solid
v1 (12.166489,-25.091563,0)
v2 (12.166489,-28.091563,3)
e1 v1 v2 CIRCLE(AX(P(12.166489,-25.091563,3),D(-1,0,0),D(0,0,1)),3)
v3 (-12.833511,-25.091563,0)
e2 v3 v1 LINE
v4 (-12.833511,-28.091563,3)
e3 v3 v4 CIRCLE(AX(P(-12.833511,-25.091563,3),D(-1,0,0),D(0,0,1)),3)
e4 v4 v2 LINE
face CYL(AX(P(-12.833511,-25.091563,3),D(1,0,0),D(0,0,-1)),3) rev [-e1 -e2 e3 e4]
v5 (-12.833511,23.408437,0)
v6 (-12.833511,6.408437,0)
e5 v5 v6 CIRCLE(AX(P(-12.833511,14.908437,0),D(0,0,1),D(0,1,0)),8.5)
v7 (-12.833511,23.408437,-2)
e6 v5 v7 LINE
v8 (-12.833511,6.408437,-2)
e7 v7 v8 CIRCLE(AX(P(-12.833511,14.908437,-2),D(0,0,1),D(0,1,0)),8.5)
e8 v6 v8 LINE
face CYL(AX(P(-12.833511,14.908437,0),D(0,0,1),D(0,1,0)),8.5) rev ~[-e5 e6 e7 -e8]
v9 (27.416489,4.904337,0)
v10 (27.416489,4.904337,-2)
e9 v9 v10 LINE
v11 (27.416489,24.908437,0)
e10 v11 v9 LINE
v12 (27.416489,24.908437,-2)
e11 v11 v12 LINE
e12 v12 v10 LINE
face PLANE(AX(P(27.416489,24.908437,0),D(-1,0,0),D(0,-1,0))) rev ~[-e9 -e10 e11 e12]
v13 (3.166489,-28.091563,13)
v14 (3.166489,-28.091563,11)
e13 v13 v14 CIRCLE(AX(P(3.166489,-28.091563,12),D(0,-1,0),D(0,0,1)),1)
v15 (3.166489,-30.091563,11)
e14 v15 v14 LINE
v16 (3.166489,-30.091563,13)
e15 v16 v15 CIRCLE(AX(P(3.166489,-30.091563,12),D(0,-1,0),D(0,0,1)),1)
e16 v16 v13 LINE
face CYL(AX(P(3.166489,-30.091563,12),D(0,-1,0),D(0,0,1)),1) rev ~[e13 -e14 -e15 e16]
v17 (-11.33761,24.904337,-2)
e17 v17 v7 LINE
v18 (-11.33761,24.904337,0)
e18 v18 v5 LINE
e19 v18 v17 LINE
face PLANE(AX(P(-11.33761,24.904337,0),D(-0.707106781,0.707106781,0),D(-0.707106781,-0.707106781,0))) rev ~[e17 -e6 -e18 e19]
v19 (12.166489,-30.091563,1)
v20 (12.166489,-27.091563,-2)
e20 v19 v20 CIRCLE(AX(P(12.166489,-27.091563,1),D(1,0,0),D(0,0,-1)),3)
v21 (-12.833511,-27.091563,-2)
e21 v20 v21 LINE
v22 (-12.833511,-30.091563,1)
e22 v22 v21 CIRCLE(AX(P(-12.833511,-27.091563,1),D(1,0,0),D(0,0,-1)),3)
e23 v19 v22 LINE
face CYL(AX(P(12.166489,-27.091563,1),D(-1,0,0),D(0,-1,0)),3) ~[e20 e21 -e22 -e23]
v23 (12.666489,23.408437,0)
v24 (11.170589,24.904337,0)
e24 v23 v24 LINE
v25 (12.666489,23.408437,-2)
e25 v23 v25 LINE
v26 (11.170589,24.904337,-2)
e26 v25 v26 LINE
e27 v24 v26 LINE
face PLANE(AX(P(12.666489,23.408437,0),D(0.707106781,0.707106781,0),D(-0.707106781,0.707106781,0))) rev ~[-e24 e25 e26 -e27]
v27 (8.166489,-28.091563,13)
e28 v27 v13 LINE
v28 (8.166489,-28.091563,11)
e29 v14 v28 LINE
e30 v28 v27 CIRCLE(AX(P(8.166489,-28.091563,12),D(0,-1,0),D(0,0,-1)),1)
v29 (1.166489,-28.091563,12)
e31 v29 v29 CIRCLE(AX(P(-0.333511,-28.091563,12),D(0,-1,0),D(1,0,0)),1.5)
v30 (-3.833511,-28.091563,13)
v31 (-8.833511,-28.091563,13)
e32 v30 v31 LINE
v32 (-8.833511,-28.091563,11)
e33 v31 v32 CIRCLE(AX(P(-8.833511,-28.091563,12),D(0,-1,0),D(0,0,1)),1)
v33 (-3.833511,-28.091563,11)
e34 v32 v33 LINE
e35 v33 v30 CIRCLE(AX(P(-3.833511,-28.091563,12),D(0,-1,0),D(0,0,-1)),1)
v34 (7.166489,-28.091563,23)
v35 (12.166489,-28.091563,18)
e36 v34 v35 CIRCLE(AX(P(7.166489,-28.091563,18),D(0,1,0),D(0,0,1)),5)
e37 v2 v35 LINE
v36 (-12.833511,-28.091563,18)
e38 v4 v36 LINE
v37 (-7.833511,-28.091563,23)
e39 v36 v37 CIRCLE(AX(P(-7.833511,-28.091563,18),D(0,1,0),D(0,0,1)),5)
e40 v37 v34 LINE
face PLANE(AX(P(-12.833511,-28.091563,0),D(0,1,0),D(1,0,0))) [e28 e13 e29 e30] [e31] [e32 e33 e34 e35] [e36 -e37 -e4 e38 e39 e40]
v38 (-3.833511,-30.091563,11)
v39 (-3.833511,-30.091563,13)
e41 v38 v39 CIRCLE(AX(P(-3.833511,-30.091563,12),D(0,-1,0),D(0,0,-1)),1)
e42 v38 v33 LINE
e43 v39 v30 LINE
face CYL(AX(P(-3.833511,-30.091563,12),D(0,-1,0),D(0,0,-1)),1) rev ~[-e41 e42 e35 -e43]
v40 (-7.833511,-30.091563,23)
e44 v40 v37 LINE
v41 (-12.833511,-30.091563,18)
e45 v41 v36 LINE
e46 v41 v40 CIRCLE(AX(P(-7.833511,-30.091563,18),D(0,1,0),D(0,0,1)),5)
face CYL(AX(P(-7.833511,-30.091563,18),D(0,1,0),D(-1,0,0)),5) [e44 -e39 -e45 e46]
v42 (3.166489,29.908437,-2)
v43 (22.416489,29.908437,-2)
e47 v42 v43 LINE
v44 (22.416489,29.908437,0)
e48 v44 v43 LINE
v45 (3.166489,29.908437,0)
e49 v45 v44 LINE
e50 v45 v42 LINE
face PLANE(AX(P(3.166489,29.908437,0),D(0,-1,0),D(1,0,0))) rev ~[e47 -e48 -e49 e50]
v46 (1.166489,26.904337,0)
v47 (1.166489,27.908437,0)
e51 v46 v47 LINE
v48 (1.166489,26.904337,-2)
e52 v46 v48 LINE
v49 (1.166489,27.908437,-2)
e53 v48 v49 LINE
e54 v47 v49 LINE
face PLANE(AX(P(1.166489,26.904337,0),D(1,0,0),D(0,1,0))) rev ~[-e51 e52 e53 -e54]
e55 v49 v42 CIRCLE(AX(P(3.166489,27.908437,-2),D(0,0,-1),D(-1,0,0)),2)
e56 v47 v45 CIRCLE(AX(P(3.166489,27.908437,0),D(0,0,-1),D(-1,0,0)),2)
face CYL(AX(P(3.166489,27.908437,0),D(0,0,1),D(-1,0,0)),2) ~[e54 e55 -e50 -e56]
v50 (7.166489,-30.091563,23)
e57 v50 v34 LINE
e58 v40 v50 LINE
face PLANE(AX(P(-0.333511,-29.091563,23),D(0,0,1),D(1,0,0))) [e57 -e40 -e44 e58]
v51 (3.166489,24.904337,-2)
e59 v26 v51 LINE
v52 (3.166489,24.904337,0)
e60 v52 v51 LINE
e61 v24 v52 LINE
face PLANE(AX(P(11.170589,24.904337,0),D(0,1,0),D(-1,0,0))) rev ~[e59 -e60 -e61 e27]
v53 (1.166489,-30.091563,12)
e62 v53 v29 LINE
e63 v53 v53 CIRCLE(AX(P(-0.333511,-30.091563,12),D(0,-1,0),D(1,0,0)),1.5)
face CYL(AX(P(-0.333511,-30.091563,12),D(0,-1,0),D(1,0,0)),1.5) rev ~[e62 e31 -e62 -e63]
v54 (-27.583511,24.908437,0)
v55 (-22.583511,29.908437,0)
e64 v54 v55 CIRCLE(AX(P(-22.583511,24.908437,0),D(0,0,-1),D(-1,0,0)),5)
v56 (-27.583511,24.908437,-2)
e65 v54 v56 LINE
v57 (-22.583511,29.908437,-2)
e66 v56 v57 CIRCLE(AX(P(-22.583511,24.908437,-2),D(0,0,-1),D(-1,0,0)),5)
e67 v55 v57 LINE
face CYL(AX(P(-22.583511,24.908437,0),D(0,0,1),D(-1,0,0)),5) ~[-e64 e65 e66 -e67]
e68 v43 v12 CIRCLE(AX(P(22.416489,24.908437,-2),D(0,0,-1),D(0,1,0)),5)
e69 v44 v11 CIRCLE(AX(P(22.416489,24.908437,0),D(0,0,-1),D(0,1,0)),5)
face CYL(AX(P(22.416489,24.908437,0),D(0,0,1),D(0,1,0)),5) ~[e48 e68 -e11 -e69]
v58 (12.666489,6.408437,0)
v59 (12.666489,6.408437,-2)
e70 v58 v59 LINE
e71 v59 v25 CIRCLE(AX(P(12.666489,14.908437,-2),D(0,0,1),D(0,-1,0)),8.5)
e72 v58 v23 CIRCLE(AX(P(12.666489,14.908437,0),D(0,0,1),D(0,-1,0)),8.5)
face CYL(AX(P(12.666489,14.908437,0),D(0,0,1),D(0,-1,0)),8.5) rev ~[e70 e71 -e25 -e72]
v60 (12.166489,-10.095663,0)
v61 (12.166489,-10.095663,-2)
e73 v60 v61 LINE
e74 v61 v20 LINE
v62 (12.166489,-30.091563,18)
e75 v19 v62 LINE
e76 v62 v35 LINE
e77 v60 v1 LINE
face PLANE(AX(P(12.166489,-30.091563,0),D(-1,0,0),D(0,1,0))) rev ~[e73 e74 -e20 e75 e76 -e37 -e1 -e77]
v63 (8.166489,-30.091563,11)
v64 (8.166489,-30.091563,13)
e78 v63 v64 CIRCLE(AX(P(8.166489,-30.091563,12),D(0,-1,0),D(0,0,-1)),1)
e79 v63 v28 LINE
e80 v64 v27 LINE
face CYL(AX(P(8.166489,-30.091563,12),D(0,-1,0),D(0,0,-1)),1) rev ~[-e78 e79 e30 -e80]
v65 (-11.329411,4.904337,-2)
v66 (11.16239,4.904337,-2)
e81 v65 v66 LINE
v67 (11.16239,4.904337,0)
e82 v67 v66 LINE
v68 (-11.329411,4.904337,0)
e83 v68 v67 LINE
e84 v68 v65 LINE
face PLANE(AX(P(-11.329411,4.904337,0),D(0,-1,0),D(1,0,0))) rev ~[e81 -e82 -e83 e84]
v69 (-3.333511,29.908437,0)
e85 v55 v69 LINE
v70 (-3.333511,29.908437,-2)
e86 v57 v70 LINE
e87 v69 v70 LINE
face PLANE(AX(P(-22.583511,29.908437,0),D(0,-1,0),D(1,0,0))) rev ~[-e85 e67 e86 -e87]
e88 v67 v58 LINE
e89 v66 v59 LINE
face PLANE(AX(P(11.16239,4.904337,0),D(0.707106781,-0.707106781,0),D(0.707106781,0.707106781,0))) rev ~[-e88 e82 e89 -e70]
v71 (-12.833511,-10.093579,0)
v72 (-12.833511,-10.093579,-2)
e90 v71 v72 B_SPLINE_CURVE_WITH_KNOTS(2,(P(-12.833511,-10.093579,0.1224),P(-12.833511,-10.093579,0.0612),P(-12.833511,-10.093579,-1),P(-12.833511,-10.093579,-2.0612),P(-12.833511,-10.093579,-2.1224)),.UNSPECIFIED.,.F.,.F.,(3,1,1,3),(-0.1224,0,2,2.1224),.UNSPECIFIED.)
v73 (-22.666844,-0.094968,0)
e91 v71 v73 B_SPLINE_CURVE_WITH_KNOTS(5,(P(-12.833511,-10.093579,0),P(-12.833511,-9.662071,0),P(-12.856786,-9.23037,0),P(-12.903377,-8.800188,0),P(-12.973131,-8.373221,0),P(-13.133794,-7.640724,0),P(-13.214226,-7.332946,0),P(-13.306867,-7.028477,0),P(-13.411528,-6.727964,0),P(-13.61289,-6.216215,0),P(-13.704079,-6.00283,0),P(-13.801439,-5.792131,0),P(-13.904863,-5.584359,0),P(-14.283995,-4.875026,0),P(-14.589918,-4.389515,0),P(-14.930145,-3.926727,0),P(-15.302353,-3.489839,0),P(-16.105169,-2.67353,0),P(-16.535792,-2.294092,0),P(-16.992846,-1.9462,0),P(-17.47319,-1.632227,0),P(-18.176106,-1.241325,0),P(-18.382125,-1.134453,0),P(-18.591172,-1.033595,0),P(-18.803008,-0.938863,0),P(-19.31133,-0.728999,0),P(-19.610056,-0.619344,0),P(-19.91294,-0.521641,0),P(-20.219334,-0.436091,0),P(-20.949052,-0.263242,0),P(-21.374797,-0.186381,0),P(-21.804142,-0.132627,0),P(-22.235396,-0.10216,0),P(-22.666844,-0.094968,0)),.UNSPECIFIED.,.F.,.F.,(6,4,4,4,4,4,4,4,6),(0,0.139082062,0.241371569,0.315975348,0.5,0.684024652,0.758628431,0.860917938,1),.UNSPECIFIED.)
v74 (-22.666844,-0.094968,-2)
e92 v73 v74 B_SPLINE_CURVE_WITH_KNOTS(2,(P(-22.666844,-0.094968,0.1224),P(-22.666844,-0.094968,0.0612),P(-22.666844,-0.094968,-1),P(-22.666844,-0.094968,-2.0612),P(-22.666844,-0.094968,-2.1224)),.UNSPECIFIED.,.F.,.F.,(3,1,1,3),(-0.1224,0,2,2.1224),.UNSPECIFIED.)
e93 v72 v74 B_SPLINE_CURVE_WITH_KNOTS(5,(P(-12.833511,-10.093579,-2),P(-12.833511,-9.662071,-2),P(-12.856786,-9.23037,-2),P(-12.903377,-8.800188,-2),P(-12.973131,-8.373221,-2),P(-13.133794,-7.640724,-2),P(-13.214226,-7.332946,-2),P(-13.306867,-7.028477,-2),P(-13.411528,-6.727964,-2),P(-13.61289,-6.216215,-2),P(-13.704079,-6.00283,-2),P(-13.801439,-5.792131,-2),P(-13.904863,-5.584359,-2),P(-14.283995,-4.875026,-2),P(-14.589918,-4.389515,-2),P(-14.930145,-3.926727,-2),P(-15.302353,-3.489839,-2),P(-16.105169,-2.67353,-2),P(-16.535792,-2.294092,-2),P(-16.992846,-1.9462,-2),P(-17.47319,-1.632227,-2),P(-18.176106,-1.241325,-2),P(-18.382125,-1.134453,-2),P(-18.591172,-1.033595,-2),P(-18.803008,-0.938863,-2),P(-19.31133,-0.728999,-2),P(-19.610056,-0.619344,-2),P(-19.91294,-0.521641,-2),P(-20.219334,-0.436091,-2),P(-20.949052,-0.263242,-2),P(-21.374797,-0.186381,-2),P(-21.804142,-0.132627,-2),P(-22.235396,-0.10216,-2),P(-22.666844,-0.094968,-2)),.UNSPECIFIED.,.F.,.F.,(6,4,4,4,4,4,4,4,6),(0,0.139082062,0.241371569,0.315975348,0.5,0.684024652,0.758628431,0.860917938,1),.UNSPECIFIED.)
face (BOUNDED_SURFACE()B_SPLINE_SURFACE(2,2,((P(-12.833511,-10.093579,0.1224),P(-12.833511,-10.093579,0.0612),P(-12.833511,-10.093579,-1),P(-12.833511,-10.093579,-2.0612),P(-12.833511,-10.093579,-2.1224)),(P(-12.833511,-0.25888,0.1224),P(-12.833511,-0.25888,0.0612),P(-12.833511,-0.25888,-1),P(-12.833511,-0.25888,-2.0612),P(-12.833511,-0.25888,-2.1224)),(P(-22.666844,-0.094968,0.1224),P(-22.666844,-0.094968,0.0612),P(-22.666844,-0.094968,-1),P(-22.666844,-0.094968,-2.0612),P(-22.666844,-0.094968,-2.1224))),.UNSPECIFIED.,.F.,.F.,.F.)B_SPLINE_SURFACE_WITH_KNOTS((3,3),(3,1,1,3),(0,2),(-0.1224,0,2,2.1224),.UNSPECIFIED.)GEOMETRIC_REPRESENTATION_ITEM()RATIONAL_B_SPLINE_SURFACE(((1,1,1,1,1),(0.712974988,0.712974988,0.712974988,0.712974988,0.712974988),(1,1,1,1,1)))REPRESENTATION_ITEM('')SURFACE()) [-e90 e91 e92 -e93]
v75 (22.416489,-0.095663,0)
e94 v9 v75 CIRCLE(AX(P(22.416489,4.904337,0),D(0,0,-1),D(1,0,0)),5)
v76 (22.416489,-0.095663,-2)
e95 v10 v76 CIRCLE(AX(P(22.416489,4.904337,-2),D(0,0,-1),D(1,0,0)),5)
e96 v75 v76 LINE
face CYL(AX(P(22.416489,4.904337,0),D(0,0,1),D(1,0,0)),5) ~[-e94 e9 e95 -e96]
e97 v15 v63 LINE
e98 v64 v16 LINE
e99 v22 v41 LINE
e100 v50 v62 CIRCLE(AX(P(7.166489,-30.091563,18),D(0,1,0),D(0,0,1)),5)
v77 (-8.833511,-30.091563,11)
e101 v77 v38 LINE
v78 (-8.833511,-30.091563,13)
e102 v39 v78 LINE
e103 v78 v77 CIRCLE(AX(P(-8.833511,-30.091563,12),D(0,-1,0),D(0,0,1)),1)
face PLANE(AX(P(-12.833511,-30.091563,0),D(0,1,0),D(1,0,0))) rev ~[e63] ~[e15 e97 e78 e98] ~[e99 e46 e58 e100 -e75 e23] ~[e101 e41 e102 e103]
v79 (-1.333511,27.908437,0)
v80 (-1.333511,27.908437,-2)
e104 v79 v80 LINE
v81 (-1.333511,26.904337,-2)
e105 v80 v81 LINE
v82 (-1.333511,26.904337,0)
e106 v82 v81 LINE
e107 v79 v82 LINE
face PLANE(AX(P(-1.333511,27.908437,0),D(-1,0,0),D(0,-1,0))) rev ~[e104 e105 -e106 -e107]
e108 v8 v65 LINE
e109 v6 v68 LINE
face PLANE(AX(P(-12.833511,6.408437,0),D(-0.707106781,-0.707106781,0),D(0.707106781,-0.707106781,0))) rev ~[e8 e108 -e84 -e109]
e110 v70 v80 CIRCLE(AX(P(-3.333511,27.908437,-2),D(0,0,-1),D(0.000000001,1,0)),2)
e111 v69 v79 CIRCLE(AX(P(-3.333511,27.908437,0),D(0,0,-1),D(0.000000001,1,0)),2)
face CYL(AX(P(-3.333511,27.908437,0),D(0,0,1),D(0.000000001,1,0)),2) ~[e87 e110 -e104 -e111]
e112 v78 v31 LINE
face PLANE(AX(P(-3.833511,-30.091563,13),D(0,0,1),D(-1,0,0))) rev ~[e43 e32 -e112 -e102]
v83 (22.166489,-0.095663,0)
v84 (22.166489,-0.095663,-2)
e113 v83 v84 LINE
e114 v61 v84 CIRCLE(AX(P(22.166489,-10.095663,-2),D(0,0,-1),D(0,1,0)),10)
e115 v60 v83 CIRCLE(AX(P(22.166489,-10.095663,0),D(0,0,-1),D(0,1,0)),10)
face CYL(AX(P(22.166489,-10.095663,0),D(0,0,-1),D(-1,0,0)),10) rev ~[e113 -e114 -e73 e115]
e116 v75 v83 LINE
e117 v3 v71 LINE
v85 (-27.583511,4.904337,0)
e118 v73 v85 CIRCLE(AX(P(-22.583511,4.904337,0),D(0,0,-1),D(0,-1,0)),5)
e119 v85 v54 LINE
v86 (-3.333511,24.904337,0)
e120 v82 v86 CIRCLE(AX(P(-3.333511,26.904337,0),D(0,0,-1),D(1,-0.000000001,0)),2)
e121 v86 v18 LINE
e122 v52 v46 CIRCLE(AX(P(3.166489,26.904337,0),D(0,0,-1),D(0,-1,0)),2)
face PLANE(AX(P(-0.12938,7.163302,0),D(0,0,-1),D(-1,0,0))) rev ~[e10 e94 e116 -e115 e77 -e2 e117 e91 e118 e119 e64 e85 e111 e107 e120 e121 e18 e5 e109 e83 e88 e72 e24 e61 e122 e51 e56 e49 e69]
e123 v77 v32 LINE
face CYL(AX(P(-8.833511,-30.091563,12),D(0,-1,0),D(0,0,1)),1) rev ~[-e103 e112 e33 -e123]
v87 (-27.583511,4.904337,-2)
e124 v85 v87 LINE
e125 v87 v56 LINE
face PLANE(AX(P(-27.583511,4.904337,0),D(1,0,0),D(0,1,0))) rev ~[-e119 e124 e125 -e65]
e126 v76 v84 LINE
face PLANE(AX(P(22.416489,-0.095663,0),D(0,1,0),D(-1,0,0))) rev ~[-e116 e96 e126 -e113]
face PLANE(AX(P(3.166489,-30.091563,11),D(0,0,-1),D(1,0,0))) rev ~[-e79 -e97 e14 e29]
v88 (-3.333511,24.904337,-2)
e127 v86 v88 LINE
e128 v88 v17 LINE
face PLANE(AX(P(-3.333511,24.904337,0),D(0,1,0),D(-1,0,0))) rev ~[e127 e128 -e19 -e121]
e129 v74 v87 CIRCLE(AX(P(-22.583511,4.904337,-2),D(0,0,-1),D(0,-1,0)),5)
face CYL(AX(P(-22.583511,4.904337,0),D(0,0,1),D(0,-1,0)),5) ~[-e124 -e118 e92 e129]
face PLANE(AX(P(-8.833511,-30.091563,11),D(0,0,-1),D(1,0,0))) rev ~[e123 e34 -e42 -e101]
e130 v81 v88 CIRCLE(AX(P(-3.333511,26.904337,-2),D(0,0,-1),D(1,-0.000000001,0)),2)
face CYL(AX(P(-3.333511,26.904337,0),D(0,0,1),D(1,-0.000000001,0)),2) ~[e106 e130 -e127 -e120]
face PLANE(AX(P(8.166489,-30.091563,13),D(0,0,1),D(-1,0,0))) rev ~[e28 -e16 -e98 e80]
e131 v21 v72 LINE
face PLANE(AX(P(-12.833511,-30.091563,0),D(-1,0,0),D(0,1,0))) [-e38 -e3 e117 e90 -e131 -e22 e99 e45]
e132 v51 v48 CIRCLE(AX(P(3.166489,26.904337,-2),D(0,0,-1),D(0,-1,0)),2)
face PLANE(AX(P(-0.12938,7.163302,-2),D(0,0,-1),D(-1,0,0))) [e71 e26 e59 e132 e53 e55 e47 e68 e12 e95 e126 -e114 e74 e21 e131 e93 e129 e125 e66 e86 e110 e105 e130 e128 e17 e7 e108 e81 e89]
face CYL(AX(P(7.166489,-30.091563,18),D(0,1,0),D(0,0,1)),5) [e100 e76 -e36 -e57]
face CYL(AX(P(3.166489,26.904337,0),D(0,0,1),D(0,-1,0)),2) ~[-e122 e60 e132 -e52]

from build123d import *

# Parameters (mm, degrees)
BOSS_EXTRUDE1_DEPTH = 2
SKETCH2_W           = 25
SKETCH2_H           = 2
BOSS_EXTRUDE2_DEPTH = 23
FILLET1_R           = 3
FILLET2_R           = 10
FILLET3_R           = 5
SKETCH3_R           = 1.5
CUT_EXTRUDE1_DEPTH  = 2


with BuildPart() as part:
    # Sketch1 → Boss-Extrude1 (new body)
    with BuildSketch(Plane.XY):
        with BuildLine():
            Line((-1.333510856, 27.908436521), (-1.333510856, 26.904337049))
            ThreePointArc((-1.333510856, 26.904337049), (-1.919297294, 25.490123487), (-3.333510856, 24.904337049))
            Line((-3.333510856, 24.904337049), (-11.337610328, 24.904337049))
            Line((-11.337610328, 24.904337049), (-12.833510856, 23.408436521))
            ThreePointArc((-12.833510856, 23.408436521), (-21.333510856, 14.908436521), (-12.833510856, 6.408436521))
            Line((-12.833510856, 6.408436521), (-11.329411385, 4.904337049))
            Line((-11.329411385, 4.904337049), (11.162389672, 4.904337049))
            Line((11.162389672, 4.904337049), (12.666489144, 6.408436521))
            ThreePointArc((12.666489144, 6.408436521), (21.166489144, 14.908436521), (12.666489144, 23.408436521))
            Line((12.666489144, 23.408436521), (11.170588615, 24.904337049))
            Line((11.170588615, 24.904337049), (3.166489144, 24.904337049))
            ThreePointArc((3.166489144, 24.904337049), (1.752275581, 25.490123487), (1.166489144, 26.904337049))
            Line((1.166489144, 26.904337049), (1.166489144, 27.908436521))
            ThreePointArc((1.166489144, 27.908436521), (1.752275581, 29.322650083), (3.166489144, 29.908436521))
            Line((3.166489144, 29.908436521), (22.416489144, 29.908436521))
            ThreePointArc((22.416489144, 29.908436521), (25.95202305, 28.443970427), (27.416489144, 24.908436521))
            Line((27.416489144, 24.908436521), (27.416489144, 4.904337049))
            ThreePointArc((27.416489144, 4.904337049), (25.95202305, 1.368803144), (22.416489144, -0.095662951))
            Line((22.416489144, -0.095662951), (12.166489144, -0.095662951))
            Line((12.166489144, -0.095662951), (12.166489144, -30.091563479))
            Line((12.166489144, -30.091563479), (-12.833510856, -30.091563479))
            Line((-12.833510856, -30.091563479), (-12.833510856, -0.095662951))
            Line((-12.833510856, -0.095662951), (-22.583510856, -0.095662951))
            ThreePointArc((-22.583510856, -0.095662951), (-26.119044762, 1.368803144), (-27.583510856, 4.904337049))
            Line((-27.583510856, 4.904337049), (-27.583510856, 24.908436521))
            ThreePointArc((-27.583510856, 24.908436521), (-26.119044762, 28.443970427), (-22.583510856, 29.908436521))
            Line((-22.583510856, 29.908436521), (-3.333510856, 29.908436521))
            ThreePointArc((-3.333510856, 29.908436521), (-1.919297294, 29.322650083), (-1.333510856, 27.908436521))
        make_face()
    extrude(amount=-BOSS_EXTRUDE1_DEPTH)

    # Sketch2 → Boss-Extrude2 (add)
    with BuildSketch(Plane.XY):
        with Locations((-0.333510856, -29.091563479)):
            Rectangle(SKETCH2_W, SKETCH2_H)
    extrude(amount=BOSS_EXTRUDE2_DEPTH)

    # Fillet1
    fillet1_edges = [part.edges().sort_by_distance(p)[0] for p in [
        (-0.333510856, -30.091563479, -2),
        (-0.333510856, -28.091563479, 0),
    ]]
    fillet(fillet1_edges, radius=FILLET1_R)

    # Fillet2
    fillet2_edges = [part.edges().sort_by_distance(p)[0] for p in [
        (-12.833510856, -0.095662951, -1),
        (12.166489144, -0.095662951, -1),
    ]]
    fillet(fillet2_edges, radius=FILLET2_R)

    # Fillet3
    fillet3_edges = [part.edges().sort_by_distance(p)[0] for p in [
        (-12.833510856, -29.091563479, 23),
        (12.166489144, -29.091563479, 23),
    ]]
    fillet(fillet3_edges, radius=FILLET3_R)

    # Sketch3 → Cut-Extrude1 (cut)
    with BuildSketch(Plane.XZ.offset(30.091563479)):
        with Locations((-0.333510856, 12)):
            Circle(SKETCH3_R)
        with BuildLine():
            Line((3.166489144, 11), (8.166489144, 11))
            ThreePointArc((8.166489144, 11), (9.166489144, 12), (8.166489144, 13))
            Line((8.166489144, 13), (3.166489144, 13))
            ThreePointArc((3.166489144, 13), (2.166489144, 12), (3.166489144, 11))
        make_face()
        with BuildLine():
            Line((-3.833510856, 13), (-8.833510856, 13))
            ThreePointArc((-8.833510856, 13), (-9.833510856, 12), (-8.833510856, 11))
            Line((-8.833510856, 11), (-3.833510856, 11))
            ThreePointArc((-3.833510856, 11), (-2.833510856, 12), (-3.833510856, 13))
        make_face()
    extrude(amount=-CUT_EXTRUDE1_DEPTH, mode=Mode.SUBTRACT)


solid = part.part
